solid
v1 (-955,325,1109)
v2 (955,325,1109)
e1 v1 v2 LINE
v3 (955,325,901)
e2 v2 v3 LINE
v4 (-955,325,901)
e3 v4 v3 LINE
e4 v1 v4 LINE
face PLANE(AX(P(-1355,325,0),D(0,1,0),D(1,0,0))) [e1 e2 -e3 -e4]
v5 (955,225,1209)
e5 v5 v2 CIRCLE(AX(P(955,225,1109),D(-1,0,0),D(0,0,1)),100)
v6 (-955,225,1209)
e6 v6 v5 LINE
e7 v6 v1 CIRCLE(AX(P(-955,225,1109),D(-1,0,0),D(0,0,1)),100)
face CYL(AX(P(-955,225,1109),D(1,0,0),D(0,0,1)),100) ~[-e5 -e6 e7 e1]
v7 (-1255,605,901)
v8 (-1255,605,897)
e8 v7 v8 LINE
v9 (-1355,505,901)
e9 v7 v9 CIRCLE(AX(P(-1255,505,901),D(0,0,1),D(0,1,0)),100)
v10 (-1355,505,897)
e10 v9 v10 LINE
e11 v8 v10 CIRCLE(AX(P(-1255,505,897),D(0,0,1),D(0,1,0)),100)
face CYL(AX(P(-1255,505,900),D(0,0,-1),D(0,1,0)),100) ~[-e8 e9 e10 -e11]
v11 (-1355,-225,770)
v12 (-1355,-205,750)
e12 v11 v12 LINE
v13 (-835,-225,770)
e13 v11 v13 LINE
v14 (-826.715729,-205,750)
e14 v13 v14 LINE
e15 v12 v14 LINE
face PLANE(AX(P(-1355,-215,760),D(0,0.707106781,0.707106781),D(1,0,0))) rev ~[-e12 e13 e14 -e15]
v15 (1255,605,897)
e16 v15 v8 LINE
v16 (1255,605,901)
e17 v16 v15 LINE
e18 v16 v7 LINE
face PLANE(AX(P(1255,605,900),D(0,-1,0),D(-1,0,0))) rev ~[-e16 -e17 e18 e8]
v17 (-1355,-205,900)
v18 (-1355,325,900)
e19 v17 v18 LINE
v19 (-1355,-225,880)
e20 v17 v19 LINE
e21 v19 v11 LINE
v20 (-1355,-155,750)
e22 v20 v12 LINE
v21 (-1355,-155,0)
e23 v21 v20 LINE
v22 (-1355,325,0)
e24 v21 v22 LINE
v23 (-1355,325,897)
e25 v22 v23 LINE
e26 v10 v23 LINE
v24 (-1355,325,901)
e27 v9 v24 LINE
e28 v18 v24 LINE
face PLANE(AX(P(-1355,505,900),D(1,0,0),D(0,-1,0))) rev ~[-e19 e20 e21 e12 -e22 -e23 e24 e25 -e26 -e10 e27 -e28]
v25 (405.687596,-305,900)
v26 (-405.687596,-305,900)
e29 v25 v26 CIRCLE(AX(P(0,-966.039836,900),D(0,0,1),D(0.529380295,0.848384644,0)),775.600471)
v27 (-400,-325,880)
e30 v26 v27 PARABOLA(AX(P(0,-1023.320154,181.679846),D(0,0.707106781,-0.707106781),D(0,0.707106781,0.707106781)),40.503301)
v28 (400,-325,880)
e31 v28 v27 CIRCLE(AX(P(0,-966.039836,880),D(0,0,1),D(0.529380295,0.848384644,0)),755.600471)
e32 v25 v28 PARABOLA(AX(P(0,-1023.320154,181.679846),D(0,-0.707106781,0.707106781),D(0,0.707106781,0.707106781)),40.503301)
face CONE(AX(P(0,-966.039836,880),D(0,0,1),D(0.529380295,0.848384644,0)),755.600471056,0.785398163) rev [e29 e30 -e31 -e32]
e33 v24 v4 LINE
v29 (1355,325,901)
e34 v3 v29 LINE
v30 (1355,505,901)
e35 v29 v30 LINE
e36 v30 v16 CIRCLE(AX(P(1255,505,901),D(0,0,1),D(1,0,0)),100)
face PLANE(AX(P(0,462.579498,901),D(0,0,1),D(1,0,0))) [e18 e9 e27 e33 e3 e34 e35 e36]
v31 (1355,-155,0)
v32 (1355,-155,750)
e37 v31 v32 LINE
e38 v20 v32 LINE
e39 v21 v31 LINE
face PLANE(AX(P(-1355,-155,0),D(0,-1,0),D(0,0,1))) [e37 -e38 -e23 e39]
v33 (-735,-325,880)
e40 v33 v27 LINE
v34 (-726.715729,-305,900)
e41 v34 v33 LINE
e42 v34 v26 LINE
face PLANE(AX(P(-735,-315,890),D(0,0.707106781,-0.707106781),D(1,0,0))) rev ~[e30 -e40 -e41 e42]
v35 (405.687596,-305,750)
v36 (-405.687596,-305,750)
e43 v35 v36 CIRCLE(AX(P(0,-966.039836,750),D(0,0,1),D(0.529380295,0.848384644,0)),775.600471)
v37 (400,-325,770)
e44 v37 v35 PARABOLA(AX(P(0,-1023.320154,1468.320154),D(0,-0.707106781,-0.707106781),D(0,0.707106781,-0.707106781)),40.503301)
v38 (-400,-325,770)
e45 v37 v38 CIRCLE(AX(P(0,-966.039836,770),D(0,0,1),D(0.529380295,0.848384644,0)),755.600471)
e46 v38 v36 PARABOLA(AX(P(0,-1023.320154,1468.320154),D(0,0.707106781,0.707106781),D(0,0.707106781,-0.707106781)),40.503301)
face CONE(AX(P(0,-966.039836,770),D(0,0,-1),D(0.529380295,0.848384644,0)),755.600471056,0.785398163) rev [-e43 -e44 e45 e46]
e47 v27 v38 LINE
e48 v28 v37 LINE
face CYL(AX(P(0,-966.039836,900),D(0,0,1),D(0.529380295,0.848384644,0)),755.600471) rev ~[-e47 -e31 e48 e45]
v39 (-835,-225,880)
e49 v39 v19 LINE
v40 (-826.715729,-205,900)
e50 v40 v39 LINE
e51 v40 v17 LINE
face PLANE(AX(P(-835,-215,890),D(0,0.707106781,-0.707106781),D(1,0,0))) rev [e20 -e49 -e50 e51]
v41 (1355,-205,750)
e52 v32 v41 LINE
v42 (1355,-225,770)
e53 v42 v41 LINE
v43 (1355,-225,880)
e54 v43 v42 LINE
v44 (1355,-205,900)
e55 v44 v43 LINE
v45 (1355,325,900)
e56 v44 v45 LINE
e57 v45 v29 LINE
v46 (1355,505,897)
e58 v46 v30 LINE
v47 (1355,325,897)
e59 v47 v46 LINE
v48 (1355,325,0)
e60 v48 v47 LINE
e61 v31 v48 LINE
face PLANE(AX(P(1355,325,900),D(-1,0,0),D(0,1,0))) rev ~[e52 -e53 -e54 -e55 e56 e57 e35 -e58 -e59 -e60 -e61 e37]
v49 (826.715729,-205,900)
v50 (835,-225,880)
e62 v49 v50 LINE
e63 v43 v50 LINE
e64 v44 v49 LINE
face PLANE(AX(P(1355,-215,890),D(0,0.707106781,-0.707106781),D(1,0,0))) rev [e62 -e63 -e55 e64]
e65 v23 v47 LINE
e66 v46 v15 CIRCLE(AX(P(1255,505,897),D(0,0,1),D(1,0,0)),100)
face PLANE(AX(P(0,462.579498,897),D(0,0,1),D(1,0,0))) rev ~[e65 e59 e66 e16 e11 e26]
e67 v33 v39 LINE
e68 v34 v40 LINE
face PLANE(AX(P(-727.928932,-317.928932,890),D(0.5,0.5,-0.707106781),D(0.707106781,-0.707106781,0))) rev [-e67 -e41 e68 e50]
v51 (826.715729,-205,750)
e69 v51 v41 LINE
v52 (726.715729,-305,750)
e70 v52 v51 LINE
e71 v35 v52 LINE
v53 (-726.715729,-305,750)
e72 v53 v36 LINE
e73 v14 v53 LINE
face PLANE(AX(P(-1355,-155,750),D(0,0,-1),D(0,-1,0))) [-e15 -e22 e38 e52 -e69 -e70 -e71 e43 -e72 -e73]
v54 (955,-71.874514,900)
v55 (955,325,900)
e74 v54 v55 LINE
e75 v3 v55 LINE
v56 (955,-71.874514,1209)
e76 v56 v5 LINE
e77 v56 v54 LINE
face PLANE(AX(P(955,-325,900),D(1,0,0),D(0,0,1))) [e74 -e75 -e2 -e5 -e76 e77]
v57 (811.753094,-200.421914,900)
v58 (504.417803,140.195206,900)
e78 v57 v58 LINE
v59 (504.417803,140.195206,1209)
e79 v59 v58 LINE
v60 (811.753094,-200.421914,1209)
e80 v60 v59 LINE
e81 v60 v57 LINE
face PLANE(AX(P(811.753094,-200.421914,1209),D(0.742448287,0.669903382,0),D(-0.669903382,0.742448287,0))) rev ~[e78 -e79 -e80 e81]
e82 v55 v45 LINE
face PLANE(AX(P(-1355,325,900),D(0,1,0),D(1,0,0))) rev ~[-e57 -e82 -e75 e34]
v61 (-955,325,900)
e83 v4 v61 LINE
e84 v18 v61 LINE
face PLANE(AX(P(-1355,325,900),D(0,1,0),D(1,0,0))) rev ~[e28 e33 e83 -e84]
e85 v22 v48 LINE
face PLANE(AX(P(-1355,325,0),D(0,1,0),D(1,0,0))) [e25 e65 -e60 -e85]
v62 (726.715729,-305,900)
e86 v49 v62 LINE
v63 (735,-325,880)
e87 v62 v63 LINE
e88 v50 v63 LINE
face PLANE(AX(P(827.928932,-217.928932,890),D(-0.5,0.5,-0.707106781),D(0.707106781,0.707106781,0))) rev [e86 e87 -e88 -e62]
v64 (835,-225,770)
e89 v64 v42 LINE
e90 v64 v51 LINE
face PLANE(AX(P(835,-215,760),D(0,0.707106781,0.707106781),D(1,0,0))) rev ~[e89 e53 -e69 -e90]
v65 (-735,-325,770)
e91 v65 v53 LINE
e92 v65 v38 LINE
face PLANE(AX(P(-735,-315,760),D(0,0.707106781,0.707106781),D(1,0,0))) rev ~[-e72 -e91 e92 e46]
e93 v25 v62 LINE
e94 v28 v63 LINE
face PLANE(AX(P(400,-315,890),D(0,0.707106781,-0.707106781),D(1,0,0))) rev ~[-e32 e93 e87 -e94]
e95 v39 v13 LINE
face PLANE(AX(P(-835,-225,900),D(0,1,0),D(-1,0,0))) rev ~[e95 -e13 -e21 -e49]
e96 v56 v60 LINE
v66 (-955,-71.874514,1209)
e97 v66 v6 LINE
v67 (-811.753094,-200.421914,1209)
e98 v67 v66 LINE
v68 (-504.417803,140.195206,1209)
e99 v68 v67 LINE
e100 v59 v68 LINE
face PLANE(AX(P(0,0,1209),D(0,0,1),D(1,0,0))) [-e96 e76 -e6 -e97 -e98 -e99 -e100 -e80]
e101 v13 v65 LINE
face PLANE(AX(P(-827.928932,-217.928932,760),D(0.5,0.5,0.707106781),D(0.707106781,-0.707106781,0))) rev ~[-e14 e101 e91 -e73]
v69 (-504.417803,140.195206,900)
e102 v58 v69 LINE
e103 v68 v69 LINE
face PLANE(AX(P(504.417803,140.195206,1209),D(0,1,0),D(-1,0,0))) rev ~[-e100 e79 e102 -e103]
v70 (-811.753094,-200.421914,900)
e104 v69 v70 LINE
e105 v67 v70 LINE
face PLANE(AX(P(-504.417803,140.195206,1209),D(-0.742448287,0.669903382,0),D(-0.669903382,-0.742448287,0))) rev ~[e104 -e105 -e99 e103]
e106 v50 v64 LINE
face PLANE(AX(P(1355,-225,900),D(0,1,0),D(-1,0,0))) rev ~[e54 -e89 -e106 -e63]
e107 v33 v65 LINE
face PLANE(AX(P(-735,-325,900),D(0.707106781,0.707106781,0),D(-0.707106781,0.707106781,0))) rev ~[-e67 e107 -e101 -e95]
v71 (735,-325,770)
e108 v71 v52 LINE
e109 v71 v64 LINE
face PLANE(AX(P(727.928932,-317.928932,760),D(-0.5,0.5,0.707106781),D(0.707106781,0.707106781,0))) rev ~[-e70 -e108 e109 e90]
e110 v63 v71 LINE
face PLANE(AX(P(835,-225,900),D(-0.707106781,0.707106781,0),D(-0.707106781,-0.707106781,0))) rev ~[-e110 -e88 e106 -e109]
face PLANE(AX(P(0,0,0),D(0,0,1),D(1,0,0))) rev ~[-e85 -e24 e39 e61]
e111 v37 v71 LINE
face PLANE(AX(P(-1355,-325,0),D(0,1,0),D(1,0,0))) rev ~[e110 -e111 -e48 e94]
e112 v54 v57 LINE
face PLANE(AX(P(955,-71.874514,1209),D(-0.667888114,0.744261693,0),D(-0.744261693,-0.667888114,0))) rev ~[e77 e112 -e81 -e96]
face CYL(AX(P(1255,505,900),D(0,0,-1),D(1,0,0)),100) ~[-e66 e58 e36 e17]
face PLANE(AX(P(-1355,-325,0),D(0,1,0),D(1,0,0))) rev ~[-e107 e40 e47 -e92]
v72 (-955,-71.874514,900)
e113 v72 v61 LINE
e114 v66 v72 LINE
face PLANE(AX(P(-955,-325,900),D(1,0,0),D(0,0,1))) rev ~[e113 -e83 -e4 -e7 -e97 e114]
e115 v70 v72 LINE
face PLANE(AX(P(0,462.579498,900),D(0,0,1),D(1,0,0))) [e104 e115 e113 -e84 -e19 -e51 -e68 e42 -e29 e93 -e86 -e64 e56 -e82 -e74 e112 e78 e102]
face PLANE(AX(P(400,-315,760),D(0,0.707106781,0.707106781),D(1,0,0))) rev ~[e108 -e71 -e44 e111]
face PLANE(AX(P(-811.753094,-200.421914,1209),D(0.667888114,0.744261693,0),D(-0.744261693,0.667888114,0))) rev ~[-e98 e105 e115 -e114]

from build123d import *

# Parameters (mm, degrees)
F0_W          = 2710
F0_H          = 650
F1_DEPTH      = 1209
F2_W          = 400
F2_H          = 309
F3_DEPTH      = 650.001
F5_DEPTH      = 3
F5_DEPTH_BACK = 1
F6_W          = 170
F6_H          = 750
F7_DEPTH      = 2710.001
F8_R          = 100
F10_DEPTH     = 309
F12_DEPTH     = 900.001
F13_SIZE      = 20


with BuildPart() as f1:
    # F0 (on Top) → F1 (new body)
    with BuildSketch(Plane.XY):
        Rectangle(F0_W, F0_H)
    extrude(amount=F1_DEPTH)

    # F2 (on face) → F3 (cut, through all)
    with BuildSketch(Plane.XZ.offset(325)):
        with Locations((-1155, 1054.5)):
            Rectangle(F2_W, F2_H)
        with Locations((1155, 1054.5)):
            Rectangle(F2_W, F2_H)
    extrude(amount=-F3_DEPTH, mode=Mode.SUBTRACT)

    # F4 (on face) → F5 (join, two sides)
    with BuildSketch(Plane.XY.offset(900)) as f5_sk:
        with BuildLine():
            Line((-1355, 505), (-1355, 325))
            Line((-1355, 325), (1355, 325))
            Line((1355, 325), (1355, 505))
            ThreePointArc((1355, 505), (1325.7106781187, 575.7106781187), (1255, 605))
            Line((1255, 605), (0, 605))
            Line((0, 605), (-1255, 605))
            ThreePointArc((-1255, 605), (-1325.7106781187, 575.7106781187), (-1355, 505))
        make_face()
    extrude(amount=-F5_DEPTH)
    extrude(f5_sk.sketch, amount=F5_DEPTH_BACK)

    # F6 (on face) → F7 (cut, through all)
    with BuildSketch(Plane(origin=(-1355, 0, 0), x_dir=(0, -1, 0), z_dir=(-1, 0, 0))):
        with Locations((240, 375)):
            Rectangle(F6_W, F6_H)
    extrude(amount=-F7_DEPTH, mode=Mode.SUBTRACT)

    # F8
    f8_edges = [f1.edges().sort_by_distance(p)[0] for p in [
        (0, 325, 1209),
    ]]
    fillet(f8_edges, radius=F8_R)

    # F9 (on face) → F10 (cut, through all)
    with BuildSketch(Plane.XY.offset(1209)):
        Polygon((-811.7530941963, -200.4219144583), (-955, -71.8745142221), (-955, -325), (0, -325), (955, -325), (955, -71.8745142221), (811.7530941963, -200.4219144583), (504.4178025086, 140.1952058077), (0, 140.1952058077), (-504.4178025086, 140.1952058077), align=None)
    extrude(amount=-F10_DEPTH, mode=Mode.SUBTRACT)

    # F11 (on face) → F12 (cut, through all)
    with BuildSketch(Plane.XY.offset(900)):
        with BuildLine():
            Line((-400, -325), (400, -325))
            ThreePointArc((400, -325), (0, -210.4393653505), (-400, -325))
        make_face()
        Polygon((-735, -325), (-835, -225), (-1355, -225), (-1355, -325), align=None)
        Polygon((1355, -225), (835, -225), (735, -325), (1355, -325), align=None)
    extrude(amount=-F12_DEPTH, mode=Mode.SUBTRACT)

    # F13
    f13_edges = [f1.edges().sort_by_distance(p)[0] for p in [
        (-1095, -225, 900),
        (-785, -275, 900),
        (-567.5, -325, 900),
        (0, -210.439365, 900),
        (567.5, -325, 900),
        (1095, -225, 900),
        (-1095, -225, 750),
        (-785, -275, 750),
        (-567.5, -325, 750),
        (0, -210.439365, 750),
        (567.5, -325, 750),
        (1095, -225, 750),
        (785, -275, 900),
        (785, -275, 750),
    ]]
    chamfer(f13_edges, length=F13_SIZE)


solid = f1.part
